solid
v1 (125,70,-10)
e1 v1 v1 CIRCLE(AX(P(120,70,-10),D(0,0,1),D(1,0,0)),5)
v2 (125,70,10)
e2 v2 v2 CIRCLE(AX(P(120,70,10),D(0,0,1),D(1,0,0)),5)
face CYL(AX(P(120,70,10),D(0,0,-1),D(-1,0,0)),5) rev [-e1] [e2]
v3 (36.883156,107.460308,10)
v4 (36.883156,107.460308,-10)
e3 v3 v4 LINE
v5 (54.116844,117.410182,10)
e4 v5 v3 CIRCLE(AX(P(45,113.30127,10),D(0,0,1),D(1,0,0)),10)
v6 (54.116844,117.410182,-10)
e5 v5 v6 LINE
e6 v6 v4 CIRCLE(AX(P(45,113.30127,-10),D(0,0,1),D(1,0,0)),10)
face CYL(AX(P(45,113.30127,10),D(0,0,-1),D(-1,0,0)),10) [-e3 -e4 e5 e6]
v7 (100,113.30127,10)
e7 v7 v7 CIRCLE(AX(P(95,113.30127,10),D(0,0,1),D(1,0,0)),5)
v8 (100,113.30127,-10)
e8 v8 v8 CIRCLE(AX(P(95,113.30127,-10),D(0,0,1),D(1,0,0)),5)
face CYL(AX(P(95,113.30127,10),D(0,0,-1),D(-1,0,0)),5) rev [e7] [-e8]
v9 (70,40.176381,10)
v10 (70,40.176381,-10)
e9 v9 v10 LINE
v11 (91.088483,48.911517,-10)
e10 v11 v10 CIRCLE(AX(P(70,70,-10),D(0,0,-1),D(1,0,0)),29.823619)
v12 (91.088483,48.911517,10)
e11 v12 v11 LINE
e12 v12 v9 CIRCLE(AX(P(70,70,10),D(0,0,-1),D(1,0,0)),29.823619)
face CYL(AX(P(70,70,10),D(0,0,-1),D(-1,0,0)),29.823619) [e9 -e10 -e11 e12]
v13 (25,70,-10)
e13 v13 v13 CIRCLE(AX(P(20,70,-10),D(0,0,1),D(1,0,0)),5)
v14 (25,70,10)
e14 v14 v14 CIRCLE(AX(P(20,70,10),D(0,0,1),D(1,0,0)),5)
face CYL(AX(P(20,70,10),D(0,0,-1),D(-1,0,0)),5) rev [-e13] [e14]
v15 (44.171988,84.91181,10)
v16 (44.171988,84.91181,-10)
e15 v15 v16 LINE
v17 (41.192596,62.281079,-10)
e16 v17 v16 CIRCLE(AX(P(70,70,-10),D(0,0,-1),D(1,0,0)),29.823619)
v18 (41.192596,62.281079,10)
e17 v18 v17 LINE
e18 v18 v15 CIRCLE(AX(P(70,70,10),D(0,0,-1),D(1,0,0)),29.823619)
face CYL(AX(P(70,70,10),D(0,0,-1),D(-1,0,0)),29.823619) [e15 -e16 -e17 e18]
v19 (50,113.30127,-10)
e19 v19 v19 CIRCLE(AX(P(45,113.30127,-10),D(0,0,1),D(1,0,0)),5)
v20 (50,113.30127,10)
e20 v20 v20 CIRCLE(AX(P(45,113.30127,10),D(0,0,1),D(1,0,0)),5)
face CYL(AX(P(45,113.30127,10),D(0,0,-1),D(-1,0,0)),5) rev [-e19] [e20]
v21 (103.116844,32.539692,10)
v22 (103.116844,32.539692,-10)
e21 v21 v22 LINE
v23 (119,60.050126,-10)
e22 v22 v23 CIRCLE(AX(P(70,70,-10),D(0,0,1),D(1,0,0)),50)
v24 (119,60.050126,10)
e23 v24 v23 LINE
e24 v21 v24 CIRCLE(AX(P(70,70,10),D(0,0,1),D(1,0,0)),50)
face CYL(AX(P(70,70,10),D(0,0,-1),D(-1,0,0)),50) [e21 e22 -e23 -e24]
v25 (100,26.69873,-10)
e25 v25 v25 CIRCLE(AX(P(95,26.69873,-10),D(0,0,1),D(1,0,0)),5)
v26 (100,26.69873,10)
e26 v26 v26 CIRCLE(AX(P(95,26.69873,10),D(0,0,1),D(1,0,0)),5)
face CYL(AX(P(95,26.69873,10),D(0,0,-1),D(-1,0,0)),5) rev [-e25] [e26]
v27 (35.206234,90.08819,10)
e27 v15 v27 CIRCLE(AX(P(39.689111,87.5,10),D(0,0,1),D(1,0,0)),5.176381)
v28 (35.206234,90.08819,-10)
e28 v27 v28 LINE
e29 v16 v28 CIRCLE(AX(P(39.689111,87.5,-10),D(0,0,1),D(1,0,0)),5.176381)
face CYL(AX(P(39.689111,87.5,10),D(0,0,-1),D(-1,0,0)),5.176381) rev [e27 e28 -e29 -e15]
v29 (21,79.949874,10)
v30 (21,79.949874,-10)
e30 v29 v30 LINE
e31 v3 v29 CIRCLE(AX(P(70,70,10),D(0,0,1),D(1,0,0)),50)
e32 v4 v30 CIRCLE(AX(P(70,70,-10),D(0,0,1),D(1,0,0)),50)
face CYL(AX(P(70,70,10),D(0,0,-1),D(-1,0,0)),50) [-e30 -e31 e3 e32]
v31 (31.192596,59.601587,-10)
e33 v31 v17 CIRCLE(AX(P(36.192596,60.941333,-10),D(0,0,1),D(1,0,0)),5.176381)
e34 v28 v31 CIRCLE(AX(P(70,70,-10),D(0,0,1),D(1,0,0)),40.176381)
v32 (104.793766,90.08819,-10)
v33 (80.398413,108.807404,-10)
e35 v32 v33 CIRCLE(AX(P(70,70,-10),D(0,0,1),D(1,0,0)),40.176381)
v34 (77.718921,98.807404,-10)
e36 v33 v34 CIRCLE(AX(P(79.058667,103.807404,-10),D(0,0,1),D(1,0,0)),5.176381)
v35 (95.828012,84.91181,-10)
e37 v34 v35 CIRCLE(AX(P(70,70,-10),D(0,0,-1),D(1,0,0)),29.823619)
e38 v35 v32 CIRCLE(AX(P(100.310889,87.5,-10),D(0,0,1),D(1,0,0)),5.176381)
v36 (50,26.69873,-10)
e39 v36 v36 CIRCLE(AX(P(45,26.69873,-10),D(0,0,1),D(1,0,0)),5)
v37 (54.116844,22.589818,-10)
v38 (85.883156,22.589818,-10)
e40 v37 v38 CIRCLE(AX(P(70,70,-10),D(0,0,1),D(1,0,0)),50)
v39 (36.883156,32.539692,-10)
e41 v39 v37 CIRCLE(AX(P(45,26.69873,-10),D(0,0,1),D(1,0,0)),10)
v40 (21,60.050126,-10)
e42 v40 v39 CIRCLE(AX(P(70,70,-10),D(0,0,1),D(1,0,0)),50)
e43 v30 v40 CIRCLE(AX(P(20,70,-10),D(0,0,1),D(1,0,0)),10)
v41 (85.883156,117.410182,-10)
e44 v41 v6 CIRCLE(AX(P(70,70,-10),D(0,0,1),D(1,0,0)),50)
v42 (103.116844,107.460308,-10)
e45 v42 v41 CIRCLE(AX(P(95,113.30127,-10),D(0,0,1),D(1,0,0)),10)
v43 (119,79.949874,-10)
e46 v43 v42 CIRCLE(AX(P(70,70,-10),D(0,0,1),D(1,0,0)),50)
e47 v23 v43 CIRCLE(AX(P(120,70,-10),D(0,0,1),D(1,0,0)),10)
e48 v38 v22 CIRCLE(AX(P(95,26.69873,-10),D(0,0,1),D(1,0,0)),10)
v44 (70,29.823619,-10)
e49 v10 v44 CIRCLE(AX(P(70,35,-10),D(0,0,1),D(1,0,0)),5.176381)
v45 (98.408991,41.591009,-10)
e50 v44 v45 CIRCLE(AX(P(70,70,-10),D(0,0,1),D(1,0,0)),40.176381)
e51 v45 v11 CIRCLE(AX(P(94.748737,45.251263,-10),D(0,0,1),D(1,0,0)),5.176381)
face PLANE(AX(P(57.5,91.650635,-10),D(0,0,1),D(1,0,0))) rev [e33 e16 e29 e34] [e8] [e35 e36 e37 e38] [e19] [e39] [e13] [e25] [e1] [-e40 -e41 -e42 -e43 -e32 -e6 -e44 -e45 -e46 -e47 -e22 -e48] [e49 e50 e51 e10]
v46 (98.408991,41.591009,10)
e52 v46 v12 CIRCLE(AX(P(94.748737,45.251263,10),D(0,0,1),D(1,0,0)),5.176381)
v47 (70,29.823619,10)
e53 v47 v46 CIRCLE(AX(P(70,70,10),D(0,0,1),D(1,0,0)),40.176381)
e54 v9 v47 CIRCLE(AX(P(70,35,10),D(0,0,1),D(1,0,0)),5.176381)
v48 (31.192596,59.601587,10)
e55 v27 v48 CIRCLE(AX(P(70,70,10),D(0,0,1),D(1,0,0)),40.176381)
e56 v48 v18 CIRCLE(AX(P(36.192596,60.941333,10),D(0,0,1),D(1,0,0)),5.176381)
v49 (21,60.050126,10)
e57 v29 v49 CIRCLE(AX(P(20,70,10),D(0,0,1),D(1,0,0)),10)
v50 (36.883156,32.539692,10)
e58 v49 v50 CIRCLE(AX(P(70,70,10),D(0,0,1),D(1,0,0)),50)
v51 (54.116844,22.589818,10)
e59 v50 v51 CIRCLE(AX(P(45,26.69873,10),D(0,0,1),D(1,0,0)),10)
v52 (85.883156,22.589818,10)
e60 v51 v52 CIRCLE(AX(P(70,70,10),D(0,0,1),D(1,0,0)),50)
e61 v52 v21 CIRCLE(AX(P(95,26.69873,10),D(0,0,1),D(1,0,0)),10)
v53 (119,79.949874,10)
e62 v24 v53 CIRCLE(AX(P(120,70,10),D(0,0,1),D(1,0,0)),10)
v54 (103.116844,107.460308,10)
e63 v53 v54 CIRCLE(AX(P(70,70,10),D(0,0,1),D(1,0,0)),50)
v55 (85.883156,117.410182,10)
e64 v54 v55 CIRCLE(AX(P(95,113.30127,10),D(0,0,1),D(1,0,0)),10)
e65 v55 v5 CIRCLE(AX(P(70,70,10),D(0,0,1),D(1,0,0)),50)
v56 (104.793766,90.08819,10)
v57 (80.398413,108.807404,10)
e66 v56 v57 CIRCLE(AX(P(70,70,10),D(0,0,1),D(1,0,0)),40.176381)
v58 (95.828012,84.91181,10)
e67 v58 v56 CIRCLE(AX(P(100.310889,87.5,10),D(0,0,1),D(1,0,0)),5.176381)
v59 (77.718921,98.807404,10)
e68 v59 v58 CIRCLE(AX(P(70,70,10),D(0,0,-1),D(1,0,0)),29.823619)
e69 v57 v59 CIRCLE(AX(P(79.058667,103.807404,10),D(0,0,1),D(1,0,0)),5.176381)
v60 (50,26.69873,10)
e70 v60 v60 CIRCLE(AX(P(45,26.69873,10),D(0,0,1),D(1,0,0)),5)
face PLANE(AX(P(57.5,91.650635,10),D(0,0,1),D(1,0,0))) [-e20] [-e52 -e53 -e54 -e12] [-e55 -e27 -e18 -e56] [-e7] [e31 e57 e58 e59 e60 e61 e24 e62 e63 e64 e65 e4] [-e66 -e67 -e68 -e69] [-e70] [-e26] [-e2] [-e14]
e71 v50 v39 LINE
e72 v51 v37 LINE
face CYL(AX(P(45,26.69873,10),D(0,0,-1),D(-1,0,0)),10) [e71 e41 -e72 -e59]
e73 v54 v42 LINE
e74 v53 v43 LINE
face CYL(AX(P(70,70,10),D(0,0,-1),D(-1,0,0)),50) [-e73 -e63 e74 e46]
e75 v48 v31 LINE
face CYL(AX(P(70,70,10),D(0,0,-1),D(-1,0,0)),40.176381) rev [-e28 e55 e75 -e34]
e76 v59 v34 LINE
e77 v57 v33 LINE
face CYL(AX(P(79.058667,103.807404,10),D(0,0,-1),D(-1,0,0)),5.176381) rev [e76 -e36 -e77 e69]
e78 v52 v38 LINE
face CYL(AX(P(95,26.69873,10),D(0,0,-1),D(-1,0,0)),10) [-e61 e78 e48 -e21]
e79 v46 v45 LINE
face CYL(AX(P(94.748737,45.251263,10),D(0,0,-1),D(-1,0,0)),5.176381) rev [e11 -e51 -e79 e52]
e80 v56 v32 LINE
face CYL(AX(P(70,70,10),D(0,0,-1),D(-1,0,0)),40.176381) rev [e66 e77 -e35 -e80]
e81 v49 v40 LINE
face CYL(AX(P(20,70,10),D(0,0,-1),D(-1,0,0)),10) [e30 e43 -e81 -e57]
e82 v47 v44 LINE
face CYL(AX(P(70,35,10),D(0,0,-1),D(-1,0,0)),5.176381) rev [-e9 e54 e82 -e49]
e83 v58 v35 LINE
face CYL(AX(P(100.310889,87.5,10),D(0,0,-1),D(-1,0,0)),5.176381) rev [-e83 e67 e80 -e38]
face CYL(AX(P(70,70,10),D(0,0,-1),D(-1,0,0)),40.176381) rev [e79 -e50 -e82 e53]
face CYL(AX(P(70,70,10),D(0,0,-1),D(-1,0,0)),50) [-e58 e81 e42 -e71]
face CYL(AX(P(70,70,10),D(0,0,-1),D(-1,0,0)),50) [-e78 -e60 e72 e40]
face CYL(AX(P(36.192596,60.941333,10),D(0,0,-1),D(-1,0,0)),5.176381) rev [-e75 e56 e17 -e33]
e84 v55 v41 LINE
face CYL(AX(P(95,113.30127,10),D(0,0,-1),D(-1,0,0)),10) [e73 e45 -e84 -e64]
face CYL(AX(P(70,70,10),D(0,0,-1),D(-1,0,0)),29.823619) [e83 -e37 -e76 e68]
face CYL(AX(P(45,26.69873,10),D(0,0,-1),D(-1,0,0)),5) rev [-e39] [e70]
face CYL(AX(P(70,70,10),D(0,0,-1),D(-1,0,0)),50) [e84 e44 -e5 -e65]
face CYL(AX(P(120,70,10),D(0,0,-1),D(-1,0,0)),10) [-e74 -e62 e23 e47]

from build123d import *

# Parameters (mm, degrees)
SKETCH2_R           = 5
BOSS_EXTRUDE1_DEPTH = 10


with BuildPart() as part:
    # Sketch2 → Boss-Extrude1 (new, symmetric)
    with BuildSketch(Plane.XY):
        with BuildLine():
            ThreePointArc((85.88315603, 117.410181971), (70, 120), (54.11684397, 117.410181971))
            ThreePointArc((54.11684397, 117.410181971), (40, 121.961524227), (36.88315603, 107.4603076))
            ThreePointArc((36.88315603, 107.4603076), (26.698729811, 95), (21, 79.949874371))
            ThreePointArc((21, 79.949874371), (10, 70), (21, 60.050125629))
            ThreePointArc((21, 60.050125629), (26.698729811, 45), (36.88315603, 32.5396924))
            ThreePointArc((36.88315603, 32.5396924), (40, 18.038475773), (54.11684397, 22.589818029))
            ThreePointArc((54.11684397, 22.589818029), (70, 20), (85.88315603, 22.589818029))
            ThreePointArc((85.88315603, 22.589818029), (100, 18.038475773), (103.11684397, 32.5396924))
            ThreePointArc((103.11684397, 32.5396924), (113.301270189, 45), (119, 60.050125629))
            ThreePointArc((119, 60.050125629), (130, 70), (119, 79.949874371))
            ThreePointArc((119, 79.949874371), (113.301270189, 95), (103.11684397, 107.4603076))
            ThreePointArc((103.11684397, 107.4603076), (100, 121.961524227), (85.88315603, 117.410181971))
        make_face()
        with Locations((120, 70)):
            Circle(SKETCH2_R, mode=Mode.SUBTRACT)
        with Locations((95, 26.698729811)):
            Circle(SKETCH2_R, mode=Mode.SUBTRACT)
        with Locations((45, 26.698729811)):
            Circle(SKETCH2_R, mode=Mode.SUBTRACT)
        with Locations((20, 70)):
            Circle(SKETCH2_R, mode=Mode.SUBTRACT)
        with Locations((45, 113.301270189)):
            Circle(SKETCH2_R, mode=Mode.SUBTRACT)
        with Locations((95, 113.301270189)):
            Circle(SKETCH2_R, mode=Mode.SUBTRACT)
        with BuildLine():
            ThreePointArc((104.793766493, 90.088190451), (94.45783105, 101.874065989), (80.398412541, 108.80740392))
            ThreePointArc((80.398412541, 108.80740392), (74.058666579, 105.147149882), (77.718920616, 98.80740392))
            ThreePointArc((77.718920616, 98.80740392), (88.15546898, 93.660667831), (95.828011772, 84.911809549))
            ThreePointArc((95.828011772, 84.911809549), (102.899079583, 83.017122639), (104.793766493, 90.088190451))
        make_face(mode=Mode.SUBTRACT)
        with BuildLine():
            ThreePointArc((70, 29.823619098), (85.374835344, 32.881863994), (98.408991379, 41.591008621))
            ThreePointArc((98.408991379, 41.591008621), (98.408991379, 48.911516696), (91.088483304, 48.911516696))
            ThreePointArc((91.088483304, 48.911516696), (81.413004922, 42.44656873), (70, 40.176380902))
            ThreePointArc((70, 40.176380902), (64.823619098, 35), (70, 29.823619098))
        make_face(mode=Mode.SUBTRACT)
        with BuildLine():
            ThreePointArc((35.206233507, 90.088190451), (30.167333606, 75.244070016), (31.19259608, 59.601587459))
            ThreePointArc((31.19259608, 59.601587459), (37.532342042, 55.941333421), (41.19259608, 62.281079384))
            ThreePointArc((41.19259608, 62.281079384), (40.431526098, 73.892763439), (44.171988228, 84.911809549))
            ThreePointArc((44.171988228, 84.911809549), (42.277301319, 91.982877361), (35.206233507, 90.088190451))
        make_face(mode=Mode.SUBTRACT)
    extrude(amount=BOSS_EXTRUDE1_DEPTH, both=True)


solid = part.part
